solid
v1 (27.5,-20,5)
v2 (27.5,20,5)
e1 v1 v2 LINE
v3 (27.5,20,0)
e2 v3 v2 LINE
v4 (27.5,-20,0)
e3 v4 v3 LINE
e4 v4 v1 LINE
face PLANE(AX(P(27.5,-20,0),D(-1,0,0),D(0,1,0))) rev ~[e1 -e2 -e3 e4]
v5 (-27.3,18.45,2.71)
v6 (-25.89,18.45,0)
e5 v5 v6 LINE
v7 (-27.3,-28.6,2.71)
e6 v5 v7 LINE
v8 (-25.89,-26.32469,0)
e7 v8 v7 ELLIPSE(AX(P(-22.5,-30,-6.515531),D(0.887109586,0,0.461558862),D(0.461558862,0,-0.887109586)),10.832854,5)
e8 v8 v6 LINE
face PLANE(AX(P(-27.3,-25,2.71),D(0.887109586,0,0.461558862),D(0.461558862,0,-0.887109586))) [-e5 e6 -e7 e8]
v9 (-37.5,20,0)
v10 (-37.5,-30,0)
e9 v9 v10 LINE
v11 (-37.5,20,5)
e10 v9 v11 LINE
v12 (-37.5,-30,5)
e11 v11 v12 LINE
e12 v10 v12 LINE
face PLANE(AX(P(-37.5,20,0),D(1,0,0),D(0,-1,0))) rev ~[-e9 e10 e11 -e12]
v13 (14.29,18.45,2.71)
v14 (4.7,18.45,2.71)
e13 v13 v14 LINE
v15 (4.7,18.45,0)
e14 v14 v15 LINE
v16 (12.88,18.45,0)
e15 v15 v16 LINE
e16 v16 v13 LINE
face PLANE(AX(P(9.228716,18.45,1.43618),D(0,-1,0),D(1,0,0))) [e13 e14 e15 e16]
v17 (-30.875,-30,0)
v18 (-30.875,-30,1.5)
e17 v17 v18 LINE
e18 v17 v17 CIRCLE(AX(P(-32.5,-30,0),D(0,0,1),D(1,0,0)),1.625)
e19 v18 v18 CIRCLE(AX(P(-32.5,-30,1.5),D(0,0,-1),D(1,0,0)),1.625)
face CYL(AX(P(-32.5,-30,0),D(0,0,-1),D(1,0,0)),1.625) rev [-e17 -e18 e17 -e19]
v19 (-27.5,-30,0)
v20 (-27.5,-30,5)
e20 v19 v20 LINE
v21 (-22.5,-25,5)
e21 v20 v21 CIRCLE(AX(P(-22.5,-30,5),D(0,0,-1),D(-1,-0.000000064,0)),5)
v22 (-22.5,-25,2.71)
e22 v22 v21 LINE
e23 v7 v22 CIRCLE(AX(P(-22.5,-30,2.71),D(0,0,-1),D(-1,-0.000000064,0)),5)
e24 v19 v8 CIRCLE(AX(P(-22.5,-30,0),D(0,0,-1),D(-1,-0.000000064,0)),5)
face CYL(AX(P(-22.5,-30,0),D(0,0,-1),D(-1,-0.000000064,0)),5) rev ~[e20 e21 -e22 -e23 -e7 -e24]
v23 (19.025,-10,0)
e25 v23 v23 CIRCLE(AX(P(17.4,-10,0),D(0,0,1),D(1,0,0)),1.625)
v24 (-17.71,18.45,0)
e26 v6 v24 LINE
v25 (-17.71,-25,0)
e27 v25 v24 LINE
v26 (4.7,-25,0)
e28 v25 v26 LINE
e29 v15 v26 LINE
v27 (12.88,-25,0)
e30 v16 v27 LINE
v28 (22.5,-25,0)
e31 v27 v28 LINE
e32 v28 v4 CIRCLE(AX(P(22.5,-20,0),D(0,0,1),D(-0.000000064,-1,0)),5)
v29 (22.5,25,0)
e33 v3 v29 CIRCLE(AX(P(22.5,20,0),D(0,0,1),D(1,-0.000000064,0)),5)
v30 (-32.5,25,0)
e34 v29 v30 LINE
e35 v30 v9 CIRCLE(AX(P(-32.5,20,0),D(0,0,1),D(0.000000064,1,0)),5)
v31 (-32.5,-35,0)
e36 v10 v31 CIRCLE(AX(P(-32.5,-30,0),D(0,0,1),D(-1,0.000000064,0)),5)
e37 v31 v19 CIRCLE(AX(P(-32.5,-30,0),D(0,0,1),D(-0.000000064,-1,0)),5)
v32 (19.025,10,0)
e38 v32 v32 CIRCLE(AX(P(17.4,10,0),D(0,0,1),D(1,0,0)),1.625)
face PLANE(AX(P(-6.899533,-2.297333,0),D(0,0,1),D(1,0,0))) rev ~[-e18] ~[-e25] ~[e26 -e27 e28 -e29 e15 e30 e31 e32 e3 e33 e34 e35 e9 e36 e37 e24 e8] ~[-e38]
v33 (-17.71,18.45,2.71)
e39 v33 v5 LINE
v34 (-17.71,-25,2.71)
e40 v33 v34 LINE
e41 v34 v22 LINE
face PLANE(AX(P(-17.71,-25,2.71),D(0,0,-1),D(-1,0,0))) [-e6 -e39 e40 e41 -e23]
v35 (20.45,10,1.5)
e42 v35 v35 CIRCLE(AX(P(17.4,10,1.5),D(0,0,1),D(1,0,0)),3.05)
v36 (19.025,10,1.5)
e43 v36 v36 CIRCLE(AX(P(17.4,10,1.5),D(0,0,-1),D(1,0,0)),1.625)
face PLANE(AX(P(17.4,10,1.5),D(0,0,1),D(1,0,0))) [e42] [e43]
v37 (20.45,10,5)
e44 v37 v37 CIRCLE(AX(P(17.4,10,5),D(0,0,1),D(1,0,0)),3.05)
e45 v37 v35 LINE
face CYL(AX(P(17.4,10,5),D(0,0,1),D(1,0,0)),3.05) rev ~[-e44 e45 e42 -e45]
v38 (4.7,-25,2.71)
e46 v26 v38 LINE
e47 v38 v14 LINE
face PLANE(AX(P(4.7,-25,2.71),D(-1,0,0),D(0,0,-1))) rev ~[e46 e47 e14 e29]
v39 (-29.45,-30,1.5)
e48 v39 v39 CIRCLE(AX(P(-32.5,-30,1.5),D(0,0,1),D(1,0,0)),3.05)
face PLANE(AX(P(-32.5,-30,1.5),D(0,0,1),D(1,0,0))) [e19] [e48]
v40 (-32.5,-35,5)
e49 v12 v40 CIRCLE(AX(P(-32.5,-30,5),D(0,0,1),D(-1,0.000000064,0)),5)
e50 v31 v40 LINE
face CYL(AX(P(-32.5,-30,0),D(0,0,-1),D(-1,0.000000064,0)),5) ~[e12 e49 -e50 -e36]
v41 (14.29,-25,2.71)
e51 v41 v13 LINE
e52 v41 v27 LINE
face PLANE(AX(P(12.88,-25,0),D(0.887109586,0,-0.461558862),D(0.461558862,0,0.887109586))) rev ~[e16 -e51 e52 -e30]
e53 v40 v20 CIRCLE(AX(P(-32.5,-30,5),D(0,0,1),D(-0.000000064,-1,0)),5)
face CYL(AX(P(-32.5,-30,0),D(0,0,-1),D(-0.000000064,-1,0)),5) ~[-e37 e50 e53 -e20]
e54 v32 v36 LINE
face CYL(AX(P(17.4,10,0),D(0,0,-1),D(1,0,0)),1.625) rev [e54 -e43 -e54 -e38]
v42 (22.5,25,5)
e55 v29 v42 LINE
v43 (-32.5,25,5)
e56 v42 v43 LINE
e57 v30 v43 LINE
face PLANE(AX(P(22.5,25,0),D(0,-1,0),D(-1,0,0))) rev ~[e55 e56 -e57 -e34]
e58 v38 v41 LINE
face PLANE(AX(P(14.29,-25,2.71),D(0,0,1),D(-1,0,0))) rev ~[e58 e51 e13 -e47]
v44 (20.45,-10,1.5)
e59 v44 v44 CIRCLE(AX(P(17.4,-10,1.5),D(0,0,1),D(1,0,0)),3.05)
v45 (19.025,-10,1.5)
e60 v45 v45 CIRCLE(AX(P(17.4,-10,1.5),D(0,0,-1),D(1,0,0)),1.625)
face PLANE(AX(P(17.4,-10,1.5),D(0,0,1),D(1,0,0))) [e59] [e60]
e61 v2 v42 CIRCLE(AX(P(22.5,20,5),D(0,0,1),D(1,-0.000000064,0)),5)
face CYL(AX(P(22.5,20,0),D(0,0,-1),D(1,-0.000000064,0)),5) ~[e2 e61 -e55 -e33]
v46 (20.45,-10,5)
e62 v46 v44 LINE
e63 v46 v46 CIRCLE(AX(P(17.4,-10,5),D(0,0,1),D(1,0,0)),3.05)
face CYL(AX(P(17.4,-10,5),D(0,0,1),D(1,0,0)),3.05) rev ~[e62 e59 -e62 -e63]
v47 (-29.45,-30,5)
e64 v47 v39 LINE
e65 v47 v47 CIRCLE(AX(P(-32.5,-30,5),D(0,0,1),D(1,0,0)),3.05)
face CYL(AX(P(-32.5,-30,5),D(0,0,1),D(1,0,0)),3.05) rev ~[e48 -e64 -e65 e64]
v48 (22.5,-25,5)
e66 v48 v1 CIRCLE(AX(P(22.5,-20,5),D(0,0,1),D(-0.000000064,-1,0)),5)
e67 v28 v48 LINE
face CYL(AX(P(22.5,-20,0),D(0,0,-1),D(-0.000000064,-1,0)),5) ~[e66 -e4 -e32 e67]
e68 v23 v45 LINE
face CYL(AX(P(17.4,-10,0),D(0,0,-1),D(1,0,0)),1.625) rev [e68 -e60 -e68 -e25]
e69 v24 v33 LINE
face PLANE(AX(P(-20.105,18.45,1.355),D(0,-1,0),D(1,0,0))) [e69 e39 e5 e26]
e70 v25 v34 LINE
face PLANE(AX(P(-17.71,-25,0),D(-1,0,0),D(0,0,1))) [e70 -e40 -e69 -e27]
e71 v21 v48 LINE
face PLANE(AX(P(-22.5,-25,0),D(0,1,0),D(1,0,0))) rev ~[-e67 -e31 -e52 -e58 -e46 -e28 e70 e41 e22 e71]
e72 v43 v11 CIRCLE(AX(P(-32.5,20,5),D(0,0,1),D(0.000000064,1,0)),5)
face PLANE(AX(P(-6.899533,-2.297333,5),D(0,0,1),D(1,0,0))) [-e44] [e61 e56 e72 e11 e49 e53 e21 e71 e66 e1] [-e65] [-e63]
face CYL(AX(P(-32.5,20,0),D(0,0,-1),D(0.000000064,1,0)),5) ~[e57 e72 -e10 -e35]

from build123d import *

# Parameters (mm, degrees)
F0_R     = 1.625
F1_DEPTH = 5
F2_R     = 3.05
F3_DEPTH = 3.5
F4_W     = 4.79
F4_H     = 2.71
F5_DEPTH = 43.45


with BuildPart() as f1:
    # F0 (on Top) → F1 (new body)
    with BuildSketch(Plane.XY):
        with BuildLine():
            Line((22.5, 25), (-32.5, 25))
            ThreePointArc((-32.5, 25), (-36.035534, 23.535534), (-37.5, 20))
            Line((-37.5, 20), (-37.5, -30))
            ThreePointArc((-37.5, -30), (-36.035534, -33.535534), (-32.5, -35))
            ThreePointArc((-32.5, -35), (-28.964466, -33.535534), (-27.5, -30))
            ThreePointArc((-27.5, -30), (-26.035534, -26.464466), (-22.5, -25))
            Line((-22.5, -25), (22.5, -25))
            ThreePointArc((22.5, -25), (26.035534, -23.535534), (27.5, -20))
            Line((27.5, -20), (27.5, 20))
            ThreePointArc((27.5, 20), (26.035534, 23.535534), (22.5, 25))
        make_face()
        with Locations((-32.5, -30)):
            Circle(F0_R, mode=Mode.SUBTRACT)
        with Locations((17.4, -10)):
            Circle(F0_R, mode=Mode.SUBTRACT)
        with Locations((17.4, 10)):
            Circle(F0_R, mode=Mode.SUBTRACT)
    extrude(amount=F1_DEPTH)

    # F2 (on face) → F3 (cut)
    with BuildSketch(Plane.XY.offset(5)):
        with Locations((17.4, 10)):
            Circle(F2_R)
        with Locations((17.4, -10)):
            Circle(F2_R)
        with Locations((-32.5, -30)):
            Circle(F2_R)
    extrude(amount=-F3_DEPTH, mode=Mode.SUBTRACT)

    # F4 (on face) → F5 (cut, symmetric)
    with BuildSketch(Plane.XZ.offset(25)):
        with Locations((-20.105, 1.355)):
            Rectangle(F4_W, F4_H)
        Polygon((4.7, 2.71), (4.7, 0), (12.88, 0), (14.29, 2.71), align=None)
        Polygon((-25.89, 0), (-22.5, 0), (-22.5, 2.71), (-27.3, 2.71), align=None)
    extrude(amount=F5_DEPTH, both=True, mode=Mode.SUBTRACT)


solid = f1.part
